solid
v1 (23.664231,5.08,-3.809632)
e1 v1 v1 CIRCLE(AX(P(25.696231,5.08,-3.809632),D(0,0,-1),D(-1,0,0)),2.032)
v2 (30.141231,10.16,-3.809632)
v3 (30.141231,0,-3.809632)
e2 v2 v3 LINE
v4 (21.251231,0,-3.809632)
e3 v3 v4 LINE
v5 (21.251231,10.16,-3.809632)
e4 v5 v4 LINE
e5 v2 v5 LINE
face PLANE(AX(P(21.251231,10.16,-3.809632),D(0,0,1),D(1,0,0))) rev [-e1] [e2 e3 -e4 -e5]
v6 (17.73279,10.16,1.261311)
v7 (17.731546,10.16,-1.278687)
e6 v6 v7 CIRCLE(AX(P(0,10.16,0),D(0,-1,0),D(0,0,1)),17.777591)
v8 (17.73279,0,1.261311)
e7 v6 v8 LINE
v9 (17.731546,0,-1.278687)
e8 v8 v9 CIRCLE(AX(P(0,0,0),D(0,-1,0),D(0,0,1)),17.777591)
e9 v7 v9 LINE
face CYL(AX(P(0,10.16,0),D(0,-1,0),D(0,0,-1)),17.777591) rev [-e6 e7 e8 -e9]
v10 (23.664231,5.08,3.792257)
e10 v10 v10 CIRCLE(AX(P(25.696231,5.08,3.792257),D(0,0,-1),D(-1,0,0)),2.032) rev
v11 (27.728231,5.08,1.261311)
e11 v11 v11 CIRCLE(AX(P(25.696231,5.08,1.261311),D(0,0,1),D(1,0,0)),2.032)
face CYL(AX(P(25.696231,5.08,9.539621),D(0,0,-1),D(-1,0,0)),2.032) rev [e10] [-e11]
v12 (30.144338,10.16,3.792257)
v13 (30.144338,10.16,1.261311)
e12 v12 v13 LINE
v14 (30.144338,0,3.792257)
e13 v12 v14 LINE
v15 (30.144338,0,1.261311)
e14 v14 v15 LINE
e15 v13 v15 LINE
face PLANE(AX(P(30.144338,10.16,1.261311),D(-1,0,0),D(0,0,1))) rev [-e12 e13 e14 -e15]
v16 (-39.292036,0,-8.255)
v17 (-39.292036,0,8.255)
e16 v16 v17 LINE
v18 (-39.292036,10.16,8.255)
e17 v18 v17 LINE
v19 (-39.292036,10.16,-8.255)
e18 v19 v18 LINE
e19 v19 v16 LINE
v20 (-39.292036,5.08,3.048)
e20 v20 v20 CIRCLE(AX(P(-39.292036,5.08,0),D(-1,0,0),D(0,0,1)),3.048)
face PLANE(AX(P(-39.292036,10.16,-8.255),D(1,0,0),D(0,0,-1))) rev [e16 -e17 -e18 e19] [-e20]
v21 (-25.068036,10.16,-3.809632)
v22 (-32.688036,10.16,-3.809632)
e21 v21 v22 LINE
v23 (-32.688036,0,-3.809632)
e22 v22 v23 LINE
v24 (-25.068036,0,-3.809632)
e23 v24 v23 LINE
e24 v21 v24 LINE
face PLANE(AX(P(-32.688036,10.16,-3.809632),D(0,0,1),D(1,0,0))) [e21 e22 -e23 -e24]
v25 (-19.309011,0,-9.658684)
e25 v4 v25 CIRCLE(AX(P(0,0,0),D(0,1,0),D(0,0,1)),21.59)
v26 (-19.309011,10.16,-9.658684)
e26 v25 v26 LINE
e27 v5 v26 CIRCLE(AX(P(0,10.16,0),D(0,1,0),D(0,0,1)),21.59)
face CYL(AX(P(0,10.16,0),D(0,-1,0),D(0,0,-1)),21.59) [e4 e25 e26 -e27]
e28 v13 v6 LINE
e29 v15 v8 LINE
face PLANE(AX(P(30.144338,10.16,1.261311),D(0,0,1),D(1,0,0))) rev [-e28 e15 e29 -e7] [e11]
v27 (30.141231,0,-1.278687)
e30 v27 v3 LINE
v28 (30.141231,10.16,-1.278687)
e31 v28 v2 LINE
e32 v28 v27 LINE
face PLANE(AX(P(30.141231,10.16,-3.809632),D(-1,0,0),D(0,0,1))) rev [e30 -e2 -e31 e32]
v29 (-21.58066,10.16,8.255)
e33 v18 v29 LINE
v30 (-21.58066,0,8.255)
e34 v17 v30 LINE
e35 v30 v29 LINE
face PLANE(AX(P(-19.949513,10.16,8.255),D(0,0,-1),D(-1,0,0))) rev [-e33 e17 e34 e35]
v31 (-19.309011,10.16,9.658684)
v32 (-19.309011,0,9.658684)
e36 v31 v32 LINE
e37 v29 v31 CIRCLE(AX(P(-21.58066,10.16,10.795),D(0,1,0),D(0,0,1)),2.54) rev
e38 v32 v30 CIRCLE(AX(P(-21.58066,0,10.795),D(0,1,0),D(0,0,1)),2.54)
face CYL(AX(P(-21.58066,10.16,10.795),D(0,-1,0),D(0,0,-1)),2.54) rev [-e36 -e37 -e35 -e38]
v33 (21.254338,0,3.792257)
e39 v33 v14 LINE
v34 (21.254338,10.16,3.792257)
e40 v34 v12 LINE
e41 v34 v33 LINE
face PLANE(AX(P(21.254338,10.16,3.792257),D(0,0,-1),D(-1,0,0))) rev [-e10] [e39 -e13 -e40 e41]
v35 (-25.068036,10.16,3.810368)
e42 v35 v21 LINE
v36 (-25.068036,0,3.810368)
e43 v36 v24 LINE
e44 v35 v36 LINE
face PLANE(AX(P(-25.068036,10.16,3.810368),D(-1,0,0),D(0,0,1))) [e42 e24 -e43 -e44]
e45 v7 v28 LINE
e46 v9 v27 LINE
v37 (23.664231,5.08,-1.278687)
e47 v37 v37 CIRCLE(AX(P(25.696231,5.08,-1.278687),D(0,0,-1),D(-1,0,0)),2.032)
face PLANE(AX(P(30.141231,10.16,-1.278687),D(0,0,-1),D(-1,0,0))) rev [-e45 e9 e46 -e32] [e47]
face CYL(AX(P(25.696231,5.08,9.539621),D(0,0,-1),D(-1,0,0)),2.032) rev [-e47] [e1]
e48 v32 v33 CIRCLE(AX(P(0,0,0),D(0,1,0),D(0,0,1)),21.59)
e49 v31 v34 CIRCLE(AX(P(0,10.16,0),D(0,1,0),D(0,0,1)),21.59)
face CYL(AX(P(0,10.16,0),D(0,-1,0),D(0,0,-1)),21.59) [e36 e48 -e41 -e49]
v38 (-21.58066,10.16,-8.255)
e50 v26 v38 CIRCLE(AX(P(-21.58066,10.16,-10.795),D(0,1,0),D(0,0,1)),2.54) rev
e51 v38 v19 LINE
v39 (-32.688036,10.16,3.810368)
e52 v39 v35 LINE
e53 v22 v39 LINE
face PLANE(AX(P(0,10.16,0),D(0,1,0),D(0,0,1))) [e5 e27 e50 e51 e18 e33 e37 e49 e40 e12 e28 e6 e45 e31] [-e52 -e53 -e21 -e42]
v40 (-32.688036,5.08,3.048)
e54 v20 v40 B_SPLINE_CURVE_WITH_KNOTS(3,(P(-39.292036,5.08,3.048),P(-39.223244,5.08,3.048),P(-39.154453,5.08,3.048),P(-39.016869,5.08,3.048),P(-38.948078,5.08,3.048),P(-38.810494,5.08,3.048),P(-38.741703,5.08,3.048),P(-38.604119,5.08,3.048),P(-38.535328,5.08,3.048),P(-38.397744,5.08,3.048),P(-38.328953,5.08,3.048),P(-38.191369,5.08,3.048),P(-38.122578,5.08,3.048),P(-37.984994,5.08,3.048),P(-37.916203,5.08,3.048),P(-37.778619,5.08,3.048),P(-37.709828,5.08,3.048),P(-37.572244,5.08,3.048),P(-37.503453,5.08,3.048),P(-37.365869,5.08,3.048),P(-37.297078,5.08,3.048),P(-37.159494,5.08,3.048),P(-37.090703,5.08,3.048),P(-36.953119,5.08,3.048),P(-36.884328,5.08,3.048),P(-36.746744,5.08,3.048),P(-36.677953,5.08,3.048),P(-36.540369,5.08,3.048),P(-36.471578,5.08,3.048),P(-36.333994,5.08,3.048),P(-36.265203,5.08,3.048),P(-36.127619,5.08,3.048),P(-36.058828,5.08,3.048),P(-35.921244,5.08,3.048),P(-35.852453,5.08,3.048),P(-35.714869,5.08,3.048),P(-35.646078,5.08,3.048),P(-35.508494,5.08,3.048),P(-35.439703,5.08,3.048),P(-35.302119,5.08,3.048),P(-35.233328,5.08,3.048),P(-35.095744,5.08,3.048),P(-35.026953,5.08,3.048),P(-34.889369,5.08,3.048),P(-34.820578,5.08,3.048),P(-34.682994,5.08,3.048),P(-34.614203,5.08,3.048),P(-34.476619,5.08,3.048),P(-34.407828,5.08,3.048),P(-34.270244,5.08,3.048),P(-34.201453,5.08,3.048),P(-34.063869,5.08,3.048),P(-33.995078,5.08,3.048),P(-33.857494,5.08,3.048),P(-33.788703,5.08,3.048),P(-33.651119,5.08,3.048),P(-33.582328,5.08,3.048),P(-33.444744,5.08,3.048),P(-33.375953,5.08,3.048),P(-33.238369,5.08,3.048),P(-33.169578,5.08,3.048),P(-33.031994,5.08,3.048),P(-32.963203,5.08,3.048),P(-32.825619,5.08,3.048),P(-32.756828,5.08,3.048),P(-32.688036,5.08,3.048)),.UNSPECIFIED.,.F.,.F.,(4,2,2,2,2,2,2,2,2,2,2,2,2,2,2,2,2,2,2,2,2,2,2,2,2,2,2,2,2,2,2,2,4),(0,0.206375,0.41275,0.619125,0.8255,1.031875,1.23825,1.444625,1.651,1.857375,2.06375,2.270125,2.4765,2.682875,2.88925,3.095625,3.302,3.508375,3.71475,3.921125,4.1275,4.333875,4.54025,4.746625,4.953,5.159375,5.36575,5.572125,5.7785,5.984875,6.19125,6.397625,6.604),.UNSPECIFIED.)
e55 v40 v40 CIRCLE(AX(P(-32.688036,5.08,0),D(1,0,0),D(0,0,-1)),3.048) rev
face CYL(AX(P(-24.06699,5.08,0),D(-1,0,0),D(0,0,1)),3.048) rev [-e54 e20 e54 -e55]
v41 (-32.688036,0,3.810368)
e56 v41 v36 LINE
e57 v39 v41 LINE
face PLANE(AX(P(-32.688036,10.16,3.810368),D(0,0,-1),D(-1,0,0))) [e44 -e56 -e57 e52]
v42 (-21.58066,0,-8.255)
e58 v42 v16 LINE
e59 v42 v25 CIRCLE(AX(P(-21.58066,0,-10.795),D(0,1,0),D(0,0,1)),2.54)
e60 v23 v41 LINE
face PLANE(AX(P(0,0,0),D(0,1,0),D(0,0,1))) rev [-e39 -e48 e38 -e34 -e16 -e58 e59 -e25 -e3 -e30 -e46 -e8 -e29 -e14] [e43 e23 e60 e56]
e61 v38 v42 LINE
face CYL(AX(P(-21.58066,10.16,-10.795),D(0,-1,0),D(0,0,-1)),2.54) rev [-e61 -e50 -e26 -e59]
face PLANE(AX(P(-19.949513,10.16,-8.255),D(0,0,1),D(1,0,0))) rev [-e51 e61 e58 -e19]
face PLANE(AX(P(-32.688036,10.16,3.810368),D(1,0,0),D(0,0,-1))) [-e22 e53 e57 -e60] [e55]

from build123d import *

# Parameters (mm, degrees)
SKETCH1_W           = 7.62
SKETCH1_H           = 7.62
BOSS_EXTRUDE3_DEPTH = 10.16
CUT_EXTRUDE1_REACH  = 49.877
SKETCH5_R           = 2.032
SKETCH6_R           = 3.048
CUT_EXTRUDE2_DEPTH  = 6.604
FILLET1_R           = 2.54


with BuildPart() as part:
    # Sketch1 → Boss-Extrude3 (new body)
    with BuildSketch(Plane(origin=(0, 0, 0), x_dir=(1, 0, 0), z_dir=(0, 1, 0))):
        with BuildLine():
            Line((30.141230573, 3.809632415), (30.141230573, 1.278686529))
            Line((30.141230573, 1.278686529), (17.731545846, 1.278686529))
            ThreePointArc((17.731545846, 1.278686529), (-17.777589304, -0.008709978), (17.732790297, -1.261311079))
            Line((17.732790297, -1.261311079), (30.144338077, -1.261311079))
            Line((30.144338077, -1.261311079), (30.144338077, -3.792256965))
            Line((30.144338077, -3.792256965), (21.254338077, -3.792256965))
            ThreePointArc((21.254338077, -3.792256965), (2.324792651, -21.464469225), (-19.949513152, -8.255))
            Line((-19.949513152, -8.255), (-39.292036048, -8.255))
            Line((-39.292036048, -8.255), (-39.292036048, 8.255))
            Line((-39.292036048, 8.255), (-19.949513152, 8.255))
            ThreePointArc((-19.949513152, 8.255), (2.3160182, 21.465417762), (21.251230573, 3.809632415))
            Line((21.251230573, 3.809632415), (30.141230573, 3.809632415))
        make_face()
        with Locations((-28.878036048, -0.000367585)):
            Rectangle(SKETCH1_W, SKETCH1_H, mode=Mode.SUBTRACT)
    extrude(amount=BOSS_EXTRUDE3_DEPTH)

    # Cut-Extrude1: up to this face of the body (flat: up to its plane)
    cut_extrude1_end = Plane(part.part.faces().sort_by_distance((25.699338077, 5.08, 3.792256965))[0])
    # Sketch5 → Cut-Extrude1 (cut, up to the picked face)
    with BuildSketch(Plane(origin=(0, 0, -3.809632415), x_dir=(-1, 0, 0), z_dir=(0, 0, -1)), mode=Mode.PRIVATE) as cut_extrude1_sk1:
        with Locations((-25.696230573, 5.08)):
            Circle(SKETCH5_R)
    cut_extrude1_tool1 = split(extrude(cut_extrude1_sk1.sketch, amount=-CUT_EXTRUDE1_REACH, mode=Mode.PRIVATE), bisect_by=cut_extrude1_end, keep=Keep.BOTH, mode=Mode.PRIVATE)
    add(cut_extrude1_tool1.solids().sort_by(Axis((25.696231, 5.08, -3.809632), (0, 0, 1)))[0], mode=Mode.SUBTRACT)

    # Sketch6 → Cut-Extrude2 (cut)
    with BuildSketch(Plane.ZY.offset(39.292036048)):
        with Locations((0, 5.08)):
            Circle(SKETCH6_R)
    extrude(amount=-CUT_EXTRUDE2_DEPTH, mode=Mode.SUBTRACT)

    # Fillet1
    fillet1_edges = [part.edges().sort_by_distance(p)[0] for p in [
        (-19.949513152, 5.08, -8.255),
        (-19.949513152, 5.08, 8.255),
    ]]
    fillet(fillet1_edges, radius=FILLET1_R)


solid = part.part
